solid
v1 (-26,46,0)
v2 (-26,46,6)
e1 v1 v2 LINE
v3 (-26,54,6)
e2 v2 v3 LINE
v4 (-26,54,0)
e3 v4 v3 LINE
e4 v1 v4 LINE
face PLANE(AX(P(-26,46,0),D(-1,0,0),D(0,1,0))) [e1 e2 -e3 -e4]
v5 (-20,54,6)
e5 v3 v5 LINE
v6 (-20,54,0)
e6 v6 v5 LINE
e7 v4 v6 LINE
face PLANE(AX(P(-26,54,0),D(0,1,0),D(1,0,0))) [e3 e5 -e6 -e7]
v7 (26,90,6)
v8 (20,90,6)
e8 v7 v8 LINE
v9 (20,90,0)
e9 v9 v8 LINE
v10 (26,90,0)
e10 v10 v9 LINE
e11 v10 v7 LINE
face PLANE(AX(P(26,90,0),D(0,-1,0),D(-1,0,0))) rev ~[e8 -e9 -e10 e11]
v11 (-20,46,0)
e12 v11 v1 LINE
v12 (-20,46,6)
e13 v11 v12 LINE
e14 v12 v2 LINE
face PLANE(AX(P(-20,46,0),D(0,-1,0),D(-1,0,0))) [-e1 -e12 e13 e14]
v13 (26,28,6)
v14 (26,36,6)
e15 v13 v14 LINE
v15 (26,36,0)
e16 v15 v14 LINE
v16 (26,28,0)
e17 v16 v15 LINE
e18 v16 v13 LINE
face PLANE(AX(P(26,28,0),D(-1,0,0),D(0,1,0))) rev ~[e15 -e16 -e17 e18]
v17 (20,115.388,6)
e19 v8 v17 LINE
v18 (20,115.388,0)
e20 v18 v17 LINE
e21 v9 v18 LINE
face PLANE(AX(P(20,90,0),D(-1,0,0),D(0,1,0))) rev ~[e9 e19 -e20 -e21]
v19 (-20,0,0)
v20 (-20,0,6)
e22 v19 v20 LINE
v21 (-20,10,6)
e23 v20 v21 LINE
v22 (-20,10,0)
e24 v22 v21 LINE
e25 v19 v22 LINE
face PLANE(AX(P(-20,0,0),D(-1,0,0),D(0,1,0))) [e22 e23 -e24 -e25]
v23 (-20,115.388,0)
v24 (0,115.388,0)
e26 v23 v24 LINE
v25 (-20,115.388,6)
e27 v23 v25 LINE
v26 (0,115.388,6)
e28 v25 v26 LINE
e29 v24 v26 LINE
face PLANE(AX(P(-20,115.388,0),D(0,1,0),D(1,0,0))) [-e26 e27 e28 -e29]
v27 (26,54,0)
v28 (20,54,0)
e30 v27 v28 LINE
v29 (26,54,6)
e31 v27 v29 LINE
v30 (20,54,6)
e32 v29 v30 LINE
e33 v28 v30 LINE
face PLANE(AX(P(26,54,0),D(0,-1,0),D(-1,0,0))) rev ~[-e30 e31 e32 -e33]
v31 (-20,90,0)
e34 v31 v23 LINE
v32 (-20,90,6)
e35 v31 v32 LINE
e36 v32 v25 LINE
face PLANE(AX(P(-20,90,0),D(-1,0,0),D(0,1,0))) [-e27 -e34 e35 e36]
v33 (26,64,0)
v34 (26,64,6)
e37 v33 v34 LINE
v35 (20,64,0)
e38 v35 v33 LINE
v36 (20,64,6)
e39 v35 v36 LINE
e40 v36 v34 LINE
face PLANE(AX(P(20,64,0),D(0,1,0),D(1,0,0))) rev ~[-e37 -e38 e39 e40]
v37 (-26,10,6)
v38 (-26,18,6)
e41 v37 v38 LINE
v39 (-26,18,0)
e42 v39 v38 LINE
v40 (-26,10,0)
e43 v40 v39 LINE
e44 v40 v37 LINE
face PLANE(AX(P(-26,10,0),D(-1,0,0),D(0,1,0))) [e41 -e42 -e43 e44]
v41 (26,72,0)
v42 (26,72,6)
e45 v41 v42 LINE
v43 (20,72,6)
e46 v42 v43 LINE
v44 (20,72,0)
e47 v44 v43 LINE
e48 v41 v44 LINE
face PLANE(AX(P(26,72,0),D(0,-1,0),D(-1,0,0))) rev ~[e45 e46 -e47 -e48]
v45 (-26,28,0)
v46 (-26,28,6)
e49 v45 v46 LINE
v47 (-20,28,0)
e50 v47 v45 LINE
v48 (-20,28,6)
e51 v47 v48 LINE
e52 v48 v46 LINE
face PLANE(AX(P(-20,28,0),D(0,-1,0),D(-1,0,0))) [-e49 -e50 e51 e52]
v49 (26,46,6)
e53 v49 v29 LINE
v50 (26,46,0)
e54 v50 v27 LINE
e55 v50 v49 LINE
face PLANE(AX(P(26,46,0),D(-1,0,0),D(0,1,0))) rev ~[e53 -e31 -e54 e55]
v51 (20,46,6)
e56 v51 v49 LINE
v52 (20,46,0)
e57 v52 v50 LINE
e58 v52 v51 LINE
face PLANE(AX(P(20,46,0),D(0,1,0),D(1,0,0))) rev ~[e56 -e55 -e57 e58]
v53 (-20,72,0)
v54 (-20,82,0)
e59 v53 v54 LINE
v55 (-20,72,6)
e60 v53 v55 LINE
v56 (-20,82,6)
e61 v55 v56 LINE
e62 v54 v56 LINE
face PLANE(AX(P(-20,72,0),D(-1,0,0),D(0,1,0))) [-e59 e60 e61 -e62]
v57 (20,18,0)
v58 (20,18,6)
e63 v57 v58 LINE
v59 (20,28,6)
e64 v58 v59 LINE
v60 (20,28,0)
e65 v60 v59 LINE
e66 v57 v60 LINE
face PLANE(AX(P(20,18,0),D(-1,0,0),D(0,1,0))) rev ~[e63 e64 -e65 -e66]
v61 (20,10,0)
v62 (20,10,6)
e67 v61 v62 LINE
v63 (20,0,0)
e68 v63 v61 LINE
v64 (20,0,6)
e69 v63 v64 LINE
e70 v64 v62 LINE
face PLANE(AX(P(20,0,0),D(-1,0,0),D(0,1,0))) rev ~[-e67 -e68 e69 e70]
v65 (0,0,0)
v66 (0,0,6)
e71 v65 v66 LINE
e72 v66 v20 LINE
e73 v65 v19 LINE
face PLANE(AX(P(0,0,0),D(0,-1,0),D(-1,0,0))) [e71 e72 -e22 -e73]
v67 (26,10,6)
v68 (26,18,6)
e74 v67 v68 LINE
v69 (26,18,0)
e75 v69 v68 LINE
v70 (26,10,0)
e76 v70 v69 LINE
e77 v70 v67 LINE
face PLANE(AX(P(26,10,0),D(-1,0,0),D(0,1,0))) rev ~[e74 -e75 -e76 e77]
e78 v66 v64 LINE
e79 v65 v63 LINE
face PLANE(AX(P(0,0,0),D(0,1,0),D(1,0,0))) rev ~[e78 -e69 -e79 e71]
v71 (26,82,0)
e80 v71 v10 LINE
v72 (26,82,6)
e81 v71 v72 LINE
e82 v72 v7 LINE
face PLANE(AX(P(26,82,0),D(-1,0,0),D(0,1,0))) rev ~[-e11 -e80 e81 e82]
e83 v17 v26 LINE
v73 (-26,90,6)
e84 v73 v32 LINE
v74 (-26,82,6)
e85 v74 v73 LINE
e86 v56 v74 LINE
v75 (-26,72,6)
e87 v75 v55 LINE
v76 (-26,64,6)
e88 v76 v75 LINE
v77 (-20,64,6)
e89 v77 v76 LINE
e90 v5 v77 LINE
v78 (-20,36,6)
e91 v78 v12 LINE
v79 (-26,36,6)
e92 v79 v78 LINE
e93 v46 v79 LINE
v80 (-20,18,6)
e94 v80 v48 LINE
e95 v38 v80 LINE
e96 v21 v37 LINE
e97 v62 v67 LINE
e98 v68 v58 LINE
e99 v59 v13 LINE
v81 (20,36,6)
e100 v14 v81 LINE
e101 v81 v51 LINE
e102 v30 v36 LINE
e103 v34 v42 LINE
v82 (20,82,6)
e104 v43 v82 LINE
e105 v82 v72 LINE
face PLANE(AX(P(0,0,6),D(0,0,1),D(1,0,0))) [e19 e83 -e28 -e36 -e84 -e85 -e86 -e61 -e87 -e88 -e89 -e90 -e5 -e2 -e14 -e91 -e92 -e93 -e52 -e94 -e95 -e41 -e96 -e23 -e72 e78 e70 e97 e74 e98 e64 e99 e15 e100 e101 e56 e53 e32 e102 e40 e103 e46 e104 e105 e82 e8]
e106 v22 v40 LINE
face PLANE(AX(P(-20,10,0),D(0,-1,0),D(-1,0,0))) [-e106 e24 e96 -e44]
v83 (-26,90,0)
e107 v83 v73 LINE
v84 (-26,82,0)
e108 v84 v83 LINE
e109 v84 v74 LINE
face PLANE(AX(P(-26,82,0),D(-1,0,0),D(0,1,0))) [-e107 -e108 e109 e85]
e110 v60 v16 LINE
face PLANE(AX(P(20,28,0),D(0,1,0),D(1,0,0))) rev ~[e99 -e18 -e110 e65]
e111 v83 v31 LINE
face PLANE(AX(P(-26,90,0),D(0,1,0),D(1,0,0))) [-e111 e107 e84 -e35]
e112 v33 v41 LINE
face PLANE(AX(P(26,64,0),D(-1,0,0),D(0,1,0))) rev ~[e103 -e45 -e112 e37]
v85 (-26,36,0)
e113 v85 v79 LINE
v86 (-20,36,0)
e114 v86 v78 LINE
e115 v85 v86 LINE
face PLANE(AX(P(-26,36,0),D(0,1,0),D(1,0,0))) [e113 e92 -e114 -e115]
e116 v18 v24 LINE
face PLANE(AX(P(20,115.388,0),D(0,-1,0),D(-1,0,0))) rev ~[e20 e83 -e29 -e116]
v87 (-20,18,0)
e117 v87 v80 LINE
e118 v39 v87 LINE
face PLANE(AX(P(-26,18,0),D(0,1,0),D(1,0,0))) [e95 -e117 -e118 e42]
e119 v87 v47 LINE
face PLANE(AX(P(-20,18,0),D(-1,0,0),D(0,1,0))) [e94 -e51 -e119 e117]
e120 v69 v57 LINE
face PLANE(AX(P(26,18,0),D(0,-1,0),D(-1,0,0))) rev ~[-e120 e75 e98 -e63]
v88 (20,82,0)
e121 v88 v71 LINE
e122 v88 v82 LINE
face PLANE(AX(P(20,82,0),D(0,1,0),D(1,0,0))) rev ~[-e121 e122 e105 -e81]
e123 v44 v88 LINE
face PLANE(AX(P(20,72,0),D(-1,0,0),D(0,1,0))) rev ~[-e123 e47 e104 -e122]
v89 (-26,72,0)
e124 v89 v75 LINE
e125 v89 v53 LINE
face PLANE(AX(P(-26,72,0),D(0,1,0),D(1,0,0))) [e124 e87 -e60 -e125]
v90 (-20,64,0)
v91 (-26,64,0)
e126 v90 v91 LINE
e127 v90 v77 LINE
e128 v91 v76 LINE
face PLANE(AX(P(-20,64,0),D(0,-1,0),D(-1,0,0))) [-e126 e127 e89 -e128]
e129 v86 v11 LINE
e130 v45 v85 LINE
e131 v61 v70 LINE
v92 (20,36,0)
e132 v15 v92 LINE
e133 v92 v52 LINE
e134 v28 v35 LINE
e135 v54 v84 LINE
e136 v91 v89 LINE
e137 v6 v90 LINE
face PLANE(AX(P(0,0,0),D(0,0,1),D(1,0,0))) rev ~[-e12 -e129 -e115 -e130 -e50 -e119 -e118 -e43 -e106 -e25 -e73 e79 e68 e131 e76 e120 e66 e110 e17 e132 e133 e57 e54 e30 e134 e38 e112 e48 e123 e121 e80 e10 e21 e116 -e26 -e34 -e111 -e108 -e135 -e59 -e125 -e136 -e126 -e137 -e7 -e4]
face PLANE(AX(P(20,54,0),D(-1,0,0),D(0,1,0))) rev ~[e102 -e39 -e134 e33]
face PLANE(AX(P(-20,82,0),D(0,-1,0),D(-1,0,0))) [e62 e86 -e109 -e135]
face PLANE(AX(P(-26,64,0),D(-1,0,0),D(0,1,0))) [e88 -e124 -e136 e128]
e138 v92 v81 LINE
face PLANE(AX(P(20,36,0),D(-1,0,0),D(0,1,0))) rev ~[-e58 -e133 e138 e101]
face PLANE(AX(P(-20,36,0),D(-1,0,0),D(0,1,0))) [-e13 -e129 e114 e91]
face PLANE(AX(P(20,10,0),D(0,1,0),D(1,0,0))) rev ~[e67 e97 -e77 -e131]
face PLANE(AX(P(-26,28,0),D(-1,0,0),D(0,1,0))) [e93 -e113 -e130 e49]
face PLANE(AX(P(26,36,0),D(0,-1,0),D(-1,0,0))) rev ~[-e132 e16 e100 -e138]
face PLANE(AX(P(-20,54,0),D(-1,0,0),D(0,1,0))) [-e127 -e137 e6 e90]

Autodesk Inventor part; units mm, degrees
ref_plane "YZ Plane" through (0, 0, 0) normal (1, 0, 0) x (0, 1, 0)
ref_plane "XZ Plane" through (0, 0, 0) normal (0, 1, 0) x (-1, 0, 0)
ref_plane "XY Plane" through (0, 0, 0) normal (0, 0, 1) x (1, 0, 0)
sketch "Sketch1" plane through (0, 0, 0) normal (0, 0, 1) x (1, 0, 0)
  line L0 (0, 0) -> (-20, 0)
  line L1 (-20, 0) -> (-20, 10)
  line L2 (-20, 10) -> (-26, 10)
  line L3 (-26, 10) -> (-26, 18)
  line L4 (-26, 18) -> (-20, 18)
  line L5 (-20, 18) -> (-20, 28)
  line L6 (-20, 28) -> (-26, 28)
  line L7 (-26, 28) -> (-26, 36)
  line L8 (-26, 36) -> (-20, 36)
  line L9 (-20, 36) -> (-20, 46)
  line L10 (-20, 46) -> (-26, 46)
  line L11 (-26, 46) -> (-26, 54)
  line L12 (-26, 54) -> (-20, 54)
  line L13 (-20, 54) -> (-20, 64)
  line L14 (-20, 64) -> (-26, 64)
  line L15 (-26, 64) -> (-26, 72)
  line L16 (-26, 72) -> (-20, 72)
  line L17 (-20, 72) -> (-20, 82)
  line L18 (-20, 82) -> (-26, 82)
  line L19 (-26, 82) -> (-26, 90)
  line L20 (-26, 90) -> (-20, 90)
  line L21 (-20, 90) -> (-20, 115.388)
  line L22 (-20, 115.388) -> (0, 115.388)
  line L23 (0, 115.388) -> (0, 0) construction
  line L24 (0, 0) -> (20, 0)
  line L25 (20, 0) -> (20, 10)
  line L26 (20, 10) -> (26, 10)
  line L27 (26, 10) -> (26, 18)
  line L28 (26, 18) -> (20, 18)
  line L29 (20, 18) -> (20, 28)
  line L30 (26, 28) -> (26, 36)
  line L31 (26, 36) -> (20, 36)
  line L32 (20, 36) -> (20, 46)
  line L33 (20, 46) -> (26, 46)
  line L34 (26, 46) -> (26, 54)
  line L35 (26, 54) -> (20, 54)
  line L36 (20, 54) -> (20, 64)
  line L37 (20, 64) -> (26, 64)
  line L38 (26, 64) -> (26, 72)
  line L39 (26, 72) -> (20, 72)
  line L40 (20, 72) -> (20, 82)
  line L41 (20, 82) -> (26, 82)
  line L42 (26, 82) -> (26, 90)
  line L43 (26, 90) -> (20, 90)
  line L44 (20, 90) -> (20, 115.388)
  line L45 (20, 115.388) -> (0, 115.388)
  line L46 (20, 28) -> (26, 28)
  point P0 (-23, 90)
  dimension "d18" = 20
  dimension "d20" = 6
  dimension "d21" = 8
  dimension "d22" = 10
  dimension "d23" = 6
  dimension "d24" = 8
  dimension "d25" = 115.388
  dimension "d33" = 8
  dimension "d34" = 8
  dimension "d35" = 8
  dimension "d36" = 10
  dimension "d37" = 10
  dimension "d38" = 10
  dimension "d39" = 20
  dimension "d42" = 90
extrude "Extrusion1" add sketch "Sketch1" along normal blind 6
properties part number "sort support wall 3"
